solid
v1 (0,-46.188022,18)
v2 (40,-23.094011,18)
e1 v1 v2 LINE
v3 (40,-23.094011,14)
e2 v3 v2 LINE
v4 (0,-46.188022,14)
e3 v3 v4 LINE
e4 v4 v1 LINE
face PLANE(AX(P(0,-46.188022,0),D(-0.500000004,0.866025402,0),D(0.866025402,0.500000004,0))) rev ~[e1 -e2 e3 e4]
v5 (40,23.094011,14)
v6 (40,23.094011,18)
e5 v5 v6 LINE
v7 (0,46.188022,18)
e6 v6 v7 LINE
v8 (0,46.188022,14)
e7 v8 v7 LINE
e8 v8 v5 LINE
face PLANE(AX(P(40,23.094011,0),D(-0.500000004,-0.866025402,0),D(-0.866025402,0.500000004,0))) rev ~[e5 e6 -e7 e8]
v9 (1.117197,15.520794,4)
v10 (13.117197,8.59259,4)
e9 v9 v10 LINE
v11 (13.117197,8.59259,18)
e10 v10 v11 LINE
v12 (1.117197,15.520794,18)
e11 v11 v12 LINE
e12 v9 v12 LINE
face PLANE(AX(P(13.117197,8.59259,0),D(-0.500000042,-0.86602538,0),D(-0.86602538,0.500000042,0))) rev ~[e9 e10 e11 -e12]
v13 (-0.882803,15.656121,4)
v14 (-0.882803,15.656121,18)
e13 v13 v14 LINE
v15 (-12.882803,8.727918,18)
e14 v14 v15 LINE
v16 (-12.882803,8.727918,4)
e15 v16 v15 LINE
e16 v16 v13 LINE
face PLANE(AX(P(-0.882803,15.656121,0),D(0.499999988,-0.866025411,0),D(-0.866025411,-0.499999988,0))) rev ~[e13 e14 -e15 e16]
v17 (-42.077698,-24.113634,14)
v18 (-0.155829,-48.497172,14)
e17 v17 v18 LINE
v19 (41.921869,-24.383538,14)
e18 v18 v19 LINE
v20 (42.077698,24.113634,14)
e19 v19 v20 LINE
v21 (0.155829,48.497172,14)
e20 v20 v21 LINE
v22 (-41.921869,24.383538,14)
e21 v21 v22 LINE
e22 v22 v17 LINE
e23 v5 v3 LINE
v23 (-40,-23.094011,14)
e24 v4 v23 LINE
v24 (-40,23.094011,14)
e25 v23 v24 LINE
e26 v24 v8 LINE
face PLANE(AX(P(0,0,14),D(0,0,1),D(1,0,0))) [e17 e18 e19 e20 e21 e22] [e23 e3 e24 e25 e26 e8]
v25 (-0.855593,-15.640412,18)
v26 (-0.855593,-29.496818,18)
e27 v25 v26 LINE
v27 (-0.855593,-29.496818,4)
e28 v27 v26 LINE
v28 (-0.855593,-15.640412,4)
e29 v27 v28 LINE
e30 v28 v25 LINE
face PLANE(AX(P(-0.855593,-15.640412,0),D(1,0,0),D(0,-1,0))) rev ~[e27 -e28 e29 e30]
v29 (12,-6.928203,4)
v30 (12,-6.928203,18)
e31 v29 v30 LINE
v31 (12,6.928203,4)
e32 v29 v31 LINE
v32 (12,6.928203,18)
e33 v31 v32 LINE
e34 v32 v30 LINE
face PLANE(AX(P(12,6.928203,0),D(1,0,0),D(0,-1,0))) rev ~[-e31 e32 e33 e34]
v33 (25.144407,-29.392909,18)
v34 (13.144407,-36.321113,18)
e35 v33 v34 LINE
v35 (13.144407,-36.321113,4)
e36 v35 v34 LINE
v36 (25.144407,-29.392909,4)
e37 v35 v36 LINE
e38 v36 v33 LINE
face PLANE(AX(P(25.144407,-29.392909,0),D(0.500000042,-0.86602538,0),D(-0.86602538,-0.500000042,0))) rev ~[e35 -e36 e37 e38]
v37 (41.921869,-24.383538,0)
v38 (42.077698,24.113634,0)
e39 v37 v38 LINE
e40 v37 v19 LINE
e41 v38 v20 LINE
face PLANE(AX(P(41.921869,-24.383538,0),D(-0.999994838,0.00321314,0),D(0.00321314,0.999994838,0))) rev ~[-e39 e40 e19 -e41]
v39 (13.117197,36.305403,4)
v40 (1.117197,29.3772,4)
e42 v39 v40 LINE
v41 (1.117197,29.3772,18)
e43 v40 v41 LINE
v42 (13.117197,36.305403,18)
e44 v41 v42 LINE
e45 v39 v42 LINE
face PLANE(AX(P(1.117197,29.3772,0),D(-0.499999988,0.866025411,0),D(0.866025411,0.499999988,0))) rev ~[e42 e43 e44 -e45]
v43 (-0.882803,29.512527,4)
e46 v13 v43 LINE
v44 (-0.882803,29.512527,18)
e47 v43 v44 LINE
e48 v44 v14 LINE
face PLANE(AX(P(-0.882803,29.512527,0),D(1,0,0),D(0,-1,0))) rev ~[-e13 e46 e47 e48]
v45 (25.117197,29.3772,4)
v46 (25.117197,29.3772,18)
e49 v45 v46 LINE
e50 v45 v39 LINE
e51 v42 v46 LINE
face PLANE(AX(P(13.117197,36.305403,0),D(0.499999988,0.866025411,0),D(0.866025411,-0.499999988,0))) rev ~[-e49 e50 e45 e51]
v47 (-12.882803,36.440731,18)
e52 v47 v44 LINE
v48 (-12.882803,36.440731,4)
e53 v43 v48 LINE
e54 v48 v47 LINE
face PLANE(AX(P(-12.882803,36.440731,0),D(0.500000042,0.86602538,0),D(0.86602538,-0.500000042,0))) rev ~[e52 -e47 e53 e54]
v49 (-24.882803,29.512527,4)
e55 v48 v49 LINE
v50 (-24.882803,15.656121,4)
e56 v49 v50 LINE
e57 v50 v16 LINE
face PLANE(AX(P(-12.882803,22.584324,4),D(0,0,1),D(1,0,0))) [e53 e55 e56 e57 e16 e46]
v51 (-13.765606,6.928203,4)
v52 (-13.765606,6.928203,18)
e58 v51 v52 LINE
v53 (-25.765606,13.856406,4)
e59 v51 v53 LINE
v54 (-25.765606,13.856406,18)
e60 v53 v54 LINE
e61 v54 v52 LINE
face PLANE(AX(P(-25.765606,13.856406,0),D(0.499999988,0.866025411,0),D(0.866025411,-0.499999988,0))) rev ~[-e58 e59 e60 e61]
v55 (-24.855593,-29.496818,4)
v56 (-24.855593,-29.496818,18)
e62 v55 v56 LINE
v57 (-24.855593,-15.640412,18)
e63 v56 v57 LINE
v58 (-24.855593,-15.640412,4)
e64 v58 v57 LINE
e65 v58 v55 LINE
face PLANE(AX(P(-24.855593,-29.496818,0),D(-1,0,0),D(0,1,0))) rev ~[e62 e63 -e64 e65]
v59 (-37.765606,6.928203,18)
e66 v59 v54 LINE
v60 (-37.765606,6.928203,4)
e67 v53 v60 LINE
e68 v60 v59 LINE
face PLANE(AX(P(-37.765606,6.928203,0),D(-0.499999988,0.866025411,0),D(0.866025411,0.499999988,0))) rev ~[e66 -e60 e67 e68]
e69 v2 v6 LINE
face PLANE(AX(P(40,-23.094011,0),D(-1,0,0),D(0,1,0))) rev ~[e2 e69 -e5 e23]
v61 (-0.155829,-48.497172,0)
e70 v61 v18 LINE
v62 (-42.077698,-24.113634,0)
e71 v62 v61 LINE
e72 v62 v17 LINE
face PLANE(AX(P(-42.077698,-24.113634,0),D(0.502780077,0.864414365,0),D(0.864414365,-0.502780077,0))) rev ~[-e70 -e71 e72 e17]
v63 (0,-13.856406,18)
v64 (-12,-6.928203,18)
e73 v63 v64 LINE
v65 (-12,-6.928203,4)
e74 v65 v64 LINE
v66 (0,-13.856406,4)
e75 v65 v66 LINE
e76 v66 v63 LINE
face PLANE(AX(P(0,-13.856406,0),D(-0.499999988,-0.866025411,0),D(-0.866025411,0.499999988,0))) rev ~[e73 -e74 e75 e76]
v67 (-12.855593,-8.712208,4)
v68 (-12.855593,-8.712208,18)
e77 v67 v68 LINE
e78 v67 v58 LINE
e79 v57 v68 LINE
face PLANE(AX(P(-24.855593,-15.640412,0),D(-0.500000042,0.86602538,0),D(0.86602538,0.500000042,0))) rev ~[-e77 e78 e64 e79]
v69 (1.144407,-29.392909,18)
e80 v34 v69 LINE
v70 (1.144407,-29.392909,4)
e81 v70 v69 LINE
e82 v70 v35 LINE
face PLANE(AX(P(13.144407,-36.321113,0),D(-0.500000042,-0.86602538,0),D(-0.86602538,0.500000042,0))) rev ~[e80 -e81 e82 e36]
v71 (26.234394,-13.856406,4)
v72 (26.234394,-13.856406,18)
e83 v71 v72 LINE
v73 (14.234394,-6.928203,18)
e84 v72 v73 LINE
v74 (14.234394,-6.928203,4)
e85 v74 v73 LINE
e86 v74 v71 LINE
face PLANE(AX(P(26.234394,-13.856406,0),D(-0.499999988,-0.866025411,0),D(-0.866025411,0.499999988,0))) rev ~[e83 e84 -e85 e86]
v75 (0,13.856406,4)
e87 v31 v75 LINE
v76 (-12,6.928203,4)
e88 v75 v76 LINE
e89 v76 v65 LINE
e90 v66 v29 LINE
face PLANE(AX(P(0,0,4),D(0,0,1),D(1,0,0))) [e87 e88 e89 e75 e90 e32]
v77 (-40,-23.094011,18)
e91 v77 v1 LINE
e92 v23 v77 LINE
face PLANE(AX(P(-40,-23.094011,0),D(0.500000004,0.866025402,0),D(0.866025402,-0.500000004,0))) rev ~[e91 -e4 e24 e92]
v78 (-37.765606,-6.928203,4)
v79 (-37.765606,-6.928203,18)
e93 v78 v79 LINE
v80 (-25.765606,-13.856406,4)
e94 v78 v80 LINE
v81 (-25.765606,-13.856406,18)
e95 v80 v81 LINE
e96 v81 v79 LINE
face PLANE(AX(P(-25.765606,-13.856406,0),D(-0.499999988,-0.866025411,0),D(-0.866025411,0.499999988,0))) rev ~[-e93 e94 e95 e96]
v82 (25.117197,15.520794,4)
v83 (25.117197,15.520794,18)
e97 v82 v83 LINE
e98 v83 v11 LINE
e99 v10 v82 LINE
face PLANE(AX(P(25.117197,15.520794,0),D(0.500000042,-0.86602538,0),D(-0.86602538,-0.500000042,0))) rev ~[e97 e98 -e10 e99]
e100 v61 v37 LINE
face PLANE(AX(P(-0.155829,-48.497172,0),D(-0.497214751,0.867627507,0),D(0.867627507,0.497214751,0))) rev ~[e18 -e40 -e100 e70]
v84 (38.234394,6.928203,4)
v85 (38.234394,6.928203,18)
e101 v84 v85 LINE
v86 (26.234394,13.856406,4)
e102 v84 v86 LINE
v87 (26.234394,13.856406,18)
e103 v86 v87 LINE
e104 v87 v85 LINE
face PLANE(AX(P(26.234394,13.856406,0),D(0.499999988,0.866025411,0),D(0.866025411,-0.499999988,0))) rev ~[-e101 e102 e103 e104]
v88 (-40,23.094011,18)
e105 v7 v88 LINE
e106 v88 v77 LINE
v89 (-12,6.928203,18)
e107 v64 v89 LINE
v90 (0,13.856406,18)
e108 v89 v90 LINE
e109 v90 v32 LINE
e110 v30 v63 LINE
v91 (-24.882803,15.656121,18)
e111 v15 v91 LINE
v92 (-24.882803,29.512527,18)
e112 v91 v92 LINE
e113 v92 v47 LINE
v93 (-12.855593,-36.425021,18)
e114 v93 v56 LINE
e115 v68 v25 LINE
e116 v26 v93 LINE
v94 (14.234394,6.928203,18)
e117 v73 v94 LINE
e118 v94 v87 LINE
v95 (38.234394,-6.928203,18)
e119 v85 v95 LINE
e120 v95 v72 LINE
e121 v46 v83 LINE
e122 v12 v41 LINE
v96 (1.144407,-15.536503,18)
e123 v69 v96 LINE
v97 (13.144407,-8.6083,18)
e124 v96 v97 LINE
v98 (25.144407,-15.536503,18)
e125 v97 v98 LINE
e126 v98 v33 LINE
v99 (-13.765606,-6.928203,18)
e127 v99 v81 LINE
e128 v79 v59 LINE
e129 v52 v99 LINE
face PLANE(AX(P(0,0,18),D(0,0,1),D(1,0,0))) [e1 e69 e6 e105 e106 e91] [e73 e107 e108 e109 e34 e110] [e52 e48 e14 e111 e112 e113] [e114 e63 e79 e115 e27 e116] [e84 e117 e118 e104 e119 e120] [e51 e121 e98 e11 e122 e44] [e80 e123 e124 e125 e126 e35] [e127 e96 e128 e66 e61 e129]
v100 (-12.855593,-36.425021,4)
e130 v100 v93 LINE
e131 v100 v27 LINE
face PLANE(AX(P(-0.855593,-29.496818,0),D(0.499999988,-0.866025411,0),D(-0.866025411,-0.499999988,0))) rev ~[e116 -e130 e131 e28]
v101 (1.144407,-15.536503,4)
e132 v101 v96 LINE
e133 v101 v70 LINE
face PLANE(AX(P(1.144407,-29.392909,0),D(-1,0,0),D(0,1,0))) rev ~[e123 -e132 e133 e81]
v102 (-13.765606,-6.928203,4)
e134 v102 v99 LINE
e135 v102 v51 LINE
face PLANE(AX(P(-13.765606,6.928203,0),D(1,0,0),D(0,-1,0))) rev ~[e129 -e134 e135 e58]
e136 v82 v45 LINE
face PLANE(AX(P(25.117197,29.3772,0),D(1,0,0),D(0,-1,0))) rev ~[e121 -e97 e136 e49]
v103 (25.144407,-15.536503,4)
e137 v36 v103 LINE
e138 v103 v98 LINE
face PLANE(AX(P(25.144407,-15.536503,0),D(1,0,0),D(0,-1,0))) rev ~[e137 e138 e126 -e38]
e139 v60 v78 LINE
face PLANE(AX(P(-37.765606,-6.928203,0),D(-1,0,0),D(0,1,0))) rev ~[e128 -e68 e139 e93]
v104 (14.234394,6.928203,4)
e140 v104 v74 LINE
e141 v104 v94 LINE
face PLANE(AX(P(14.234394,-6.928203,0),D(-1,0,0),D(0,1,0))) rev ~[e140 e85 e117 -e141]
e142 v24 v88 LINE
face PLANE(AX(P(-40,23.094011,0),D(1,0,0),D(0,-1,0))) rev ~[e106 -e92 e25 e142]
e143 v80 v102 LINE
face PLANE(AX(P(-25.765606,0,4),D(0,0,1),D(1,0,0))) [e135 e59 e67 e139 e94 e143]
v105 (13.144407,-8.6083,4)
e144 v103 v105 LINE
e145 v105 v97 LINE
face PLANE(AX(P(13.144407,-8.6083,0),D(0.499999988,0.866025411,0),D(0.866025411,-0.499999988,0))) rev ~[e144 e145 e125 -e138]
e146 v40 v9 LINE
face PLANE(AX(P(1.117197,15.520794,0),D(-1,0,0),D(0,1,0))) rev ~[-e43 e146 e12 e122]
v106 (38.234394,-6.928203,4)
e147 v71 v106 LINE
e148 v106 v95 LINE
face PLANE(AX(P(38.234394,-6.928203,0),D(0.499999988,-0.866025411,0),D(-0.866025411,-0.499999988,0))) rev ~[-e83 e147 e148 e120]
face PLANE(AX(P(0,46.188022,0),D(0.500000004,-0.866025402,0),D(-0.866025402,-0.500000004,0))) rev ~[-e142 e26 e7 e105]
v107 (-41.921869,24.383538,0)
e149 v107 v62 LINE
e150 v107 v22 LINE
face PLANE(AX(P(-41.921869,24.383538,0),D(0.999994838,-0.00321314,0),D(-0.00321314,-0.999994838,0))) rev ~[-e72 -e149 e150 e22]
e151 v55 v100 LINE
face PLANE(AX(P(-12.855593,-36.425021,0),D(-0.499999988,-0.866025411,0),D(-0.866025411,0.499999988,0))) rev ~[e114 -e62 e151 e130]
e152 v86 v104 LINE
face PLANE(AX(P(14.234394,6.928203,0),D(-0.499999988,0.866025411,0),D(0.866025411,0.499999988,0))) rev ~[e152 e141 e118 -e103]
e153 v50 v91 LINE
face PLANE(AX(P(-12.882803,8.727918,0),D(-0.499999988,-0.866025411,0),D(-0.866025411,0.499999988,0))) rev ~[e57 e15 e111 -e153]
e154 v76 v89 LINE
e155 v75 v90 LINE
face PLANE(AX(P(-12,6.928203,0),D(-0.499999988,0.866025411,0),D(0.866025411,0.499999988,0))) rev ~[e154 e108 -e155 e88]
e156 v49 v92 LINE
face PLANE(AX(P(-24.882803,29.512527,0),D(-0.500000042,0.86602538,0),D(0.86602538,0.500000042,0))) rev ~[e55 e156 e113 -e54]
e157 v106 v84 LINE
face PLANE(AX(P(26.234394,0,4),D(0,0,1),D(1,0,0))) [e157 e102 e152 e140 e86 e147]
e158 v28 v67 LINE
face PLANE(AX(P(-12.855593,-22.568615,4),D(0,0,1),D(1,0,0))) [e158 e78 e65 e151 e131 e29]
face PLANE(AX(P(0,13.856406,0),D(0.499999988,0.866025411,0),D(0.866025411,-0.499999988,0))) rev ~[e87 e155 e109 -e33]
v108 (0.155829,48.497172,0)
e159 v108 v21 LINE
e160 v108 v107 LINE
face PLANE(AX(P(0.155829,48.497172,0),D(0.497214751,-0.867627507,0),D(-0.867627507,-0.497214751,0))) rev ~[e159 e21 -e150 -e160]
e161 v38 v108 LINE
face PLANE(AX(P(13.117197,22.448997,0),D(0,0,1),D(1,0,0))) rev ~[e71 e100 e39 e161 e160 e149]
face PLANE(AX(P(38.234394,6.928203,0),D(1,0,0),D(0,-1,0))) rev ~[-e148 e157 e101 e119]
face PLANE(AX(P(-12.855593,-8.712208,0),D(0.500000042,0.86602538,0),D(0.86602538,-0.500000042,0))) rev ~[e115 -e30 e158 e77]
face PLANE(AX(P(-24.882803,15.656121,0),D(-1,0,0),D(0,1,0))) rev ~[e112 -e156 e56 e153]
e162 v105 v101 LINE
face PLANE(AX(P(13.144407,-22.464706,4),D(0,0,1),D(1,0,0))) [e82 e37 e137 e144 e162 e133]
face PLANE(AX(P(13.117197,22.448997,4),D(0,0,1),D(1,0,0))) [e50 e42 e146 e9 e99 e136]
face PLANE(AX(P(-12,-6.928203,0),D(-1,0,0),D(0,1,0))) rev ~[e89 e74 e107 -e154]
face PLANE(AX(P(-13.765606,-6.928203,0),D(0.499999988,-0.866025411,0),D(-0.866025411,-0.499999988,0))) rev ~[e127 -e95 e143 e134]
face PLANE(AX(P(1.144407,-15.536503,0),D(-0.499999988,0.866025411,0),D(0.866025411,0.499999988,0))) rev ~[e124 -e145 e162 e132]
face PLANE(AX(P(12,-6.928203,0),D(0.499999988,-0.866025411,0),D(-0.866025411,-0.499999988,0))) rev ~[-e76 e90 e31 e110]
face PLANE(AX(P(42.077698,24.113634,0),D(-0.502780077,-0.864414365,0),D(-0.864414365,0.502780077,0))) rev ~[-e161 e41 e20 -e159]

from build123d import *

# Parameters (mm, degrees)
F1_DEPTH = 14
F2_DEPTH = 18
F3_DEPTH = 4


with BuildPart() as f1:
    # F0 (on Top) → F1 (new body)
    with BuildSketch(Plane.XY):
        Polygon((42.077698, 24.113634), (0.155829, 48.497172), (-41.921869, 24.383538), (-42.077698, -24.113634), (-0.155829, -48.497172), (41.921869, -24.383538), align=None)
        Polygon((-40, 23.094011), (0, 46.188022), (40, 23.094011), (40, -23.094011), (0, -46.188022), (-40, -23.094011), align=None, mode=Mode.SUBTRACT)
    extrude(amount=F1_DEPTH)

    # F0 (on Top) → F2 (join)
    with BuildSketch(Plane.XY):
        Polygon((40, 23.094011), (0, 46.188022), (-40, 23.094011), (-40, -23.094011), (0, -46.188022), (40, -23.094011), align=None)
        Polygon((-12.855593, -8.712208), (-0.855593, -15.640412), (-0.855593, -29.496818), (-12.855593, -36.425021), (-24.855593, -29.496818), (-24.855593, -15.640412), align=None, mode=Mode.SUBTRACT)
        Polygon((13.144407, -8.6083), (25.144407, -15.536503), (25.144407, -29.392909), (13.144407, -36.321113), (1.144407, -29.392909), (1.144407, -15.536503), align=None, mode=Mode.SUBTRACT)
        Polygon((-25.765606, 13.856406), (-13.765606, 6.928203), (-13.765606, -6.928203), (-25.765606, -13.856406), (-37.765606, -6.928203), (-37.765606, 6.928203), align=None, mode=Mode.SUBTRACT)
        Polygon((-12.882803, 36.440731), (-0.882803, 29.512527), (-0.882803, 15.656121), (-12.882803, 8.727918), (-24.882803, 15.656121), (-24.882803, 29.512527), align=None, mode=Mode.SUBTRACT)
        Polygon((0, 13.856406), (12, 6.928203), (12, -6.928203), (0, -13.856406), (-12, -6.928203), (-12, 6.928203), align=None, mode=Mode.SUBTRACT)
        Polygon((13.117197, 36.305403), (25.117197, 29.3772), (25.117197, 15.520794), (13.117197, 8.59259), (1.117197, 15.520794), (1.117197, 29.3772), align=None, mode=Mode.SUBTRACT)
        Polygon((26.234394, 13.856406), (38.234394, 6.928203), (38.234394, -6.928203), (26.234394, -13.856406), (14.234394, -6.928203), (14.234394, 6.928203), align=None, mode=Mode.SUBTRACT)
    extrude(amount=F2_DEPTH)

    # F0 (on Top) → F3 (join)
    with BuildSketch(Plane.XY):
        Polygon((25.117197, 15.520794), (25.117197, 29.3772), (13.117197, 36.305403), (1.117197, 29.3772), (1.117197, 15.520794), (13.117197, 8.59259), align=None)
        Polygon((-0.882803, 15.656121), (-0.882803, 29.512527), (-12.882803, 36.440731), (-24.882803, 29.512527), (-24.882803, 15.656121), (-12.882803, 8.727918), align=None)
        Polygon((-13.765606, -6.928203), (-13.765606, 6.928203), (-25.765606, 13.856406), (-37.765606, 6.928203), (-37.765606, -6.928203), (-25.765606, -13.856406), align=None)
        Polygon((12, -6.928203), (12, 6.928203), (0, 13.856406), (-12, 6.928203), (-12, -6.928203), (0, -13.856406), align=None)
        Polygon((38.234394, -6.928203), (38.234394, 6.928203), (26.234394, 13.856406), (14.234394, 6.928203), (14.234394, -6.928203), (26.234394, -13.856406), align=None)
        Polygon((25.144407, -29.392909), (25.144407, -15.536503), (13.144407, -8.6083), (1.144407, -15.536503), (1.144407, -29.392909), (13.144407, -36.321113), align=None)
        Polygon((-0.855593, -29.496818), (-0.855593, -15.640412), (-12.855593, -8.712208), (-24.855593, -15.640412), (-24.855593, -29.496818), (-12.855593, -36.425021), align=None)
    extrude(amount=F3_DEPTH)


solid = f1.part
